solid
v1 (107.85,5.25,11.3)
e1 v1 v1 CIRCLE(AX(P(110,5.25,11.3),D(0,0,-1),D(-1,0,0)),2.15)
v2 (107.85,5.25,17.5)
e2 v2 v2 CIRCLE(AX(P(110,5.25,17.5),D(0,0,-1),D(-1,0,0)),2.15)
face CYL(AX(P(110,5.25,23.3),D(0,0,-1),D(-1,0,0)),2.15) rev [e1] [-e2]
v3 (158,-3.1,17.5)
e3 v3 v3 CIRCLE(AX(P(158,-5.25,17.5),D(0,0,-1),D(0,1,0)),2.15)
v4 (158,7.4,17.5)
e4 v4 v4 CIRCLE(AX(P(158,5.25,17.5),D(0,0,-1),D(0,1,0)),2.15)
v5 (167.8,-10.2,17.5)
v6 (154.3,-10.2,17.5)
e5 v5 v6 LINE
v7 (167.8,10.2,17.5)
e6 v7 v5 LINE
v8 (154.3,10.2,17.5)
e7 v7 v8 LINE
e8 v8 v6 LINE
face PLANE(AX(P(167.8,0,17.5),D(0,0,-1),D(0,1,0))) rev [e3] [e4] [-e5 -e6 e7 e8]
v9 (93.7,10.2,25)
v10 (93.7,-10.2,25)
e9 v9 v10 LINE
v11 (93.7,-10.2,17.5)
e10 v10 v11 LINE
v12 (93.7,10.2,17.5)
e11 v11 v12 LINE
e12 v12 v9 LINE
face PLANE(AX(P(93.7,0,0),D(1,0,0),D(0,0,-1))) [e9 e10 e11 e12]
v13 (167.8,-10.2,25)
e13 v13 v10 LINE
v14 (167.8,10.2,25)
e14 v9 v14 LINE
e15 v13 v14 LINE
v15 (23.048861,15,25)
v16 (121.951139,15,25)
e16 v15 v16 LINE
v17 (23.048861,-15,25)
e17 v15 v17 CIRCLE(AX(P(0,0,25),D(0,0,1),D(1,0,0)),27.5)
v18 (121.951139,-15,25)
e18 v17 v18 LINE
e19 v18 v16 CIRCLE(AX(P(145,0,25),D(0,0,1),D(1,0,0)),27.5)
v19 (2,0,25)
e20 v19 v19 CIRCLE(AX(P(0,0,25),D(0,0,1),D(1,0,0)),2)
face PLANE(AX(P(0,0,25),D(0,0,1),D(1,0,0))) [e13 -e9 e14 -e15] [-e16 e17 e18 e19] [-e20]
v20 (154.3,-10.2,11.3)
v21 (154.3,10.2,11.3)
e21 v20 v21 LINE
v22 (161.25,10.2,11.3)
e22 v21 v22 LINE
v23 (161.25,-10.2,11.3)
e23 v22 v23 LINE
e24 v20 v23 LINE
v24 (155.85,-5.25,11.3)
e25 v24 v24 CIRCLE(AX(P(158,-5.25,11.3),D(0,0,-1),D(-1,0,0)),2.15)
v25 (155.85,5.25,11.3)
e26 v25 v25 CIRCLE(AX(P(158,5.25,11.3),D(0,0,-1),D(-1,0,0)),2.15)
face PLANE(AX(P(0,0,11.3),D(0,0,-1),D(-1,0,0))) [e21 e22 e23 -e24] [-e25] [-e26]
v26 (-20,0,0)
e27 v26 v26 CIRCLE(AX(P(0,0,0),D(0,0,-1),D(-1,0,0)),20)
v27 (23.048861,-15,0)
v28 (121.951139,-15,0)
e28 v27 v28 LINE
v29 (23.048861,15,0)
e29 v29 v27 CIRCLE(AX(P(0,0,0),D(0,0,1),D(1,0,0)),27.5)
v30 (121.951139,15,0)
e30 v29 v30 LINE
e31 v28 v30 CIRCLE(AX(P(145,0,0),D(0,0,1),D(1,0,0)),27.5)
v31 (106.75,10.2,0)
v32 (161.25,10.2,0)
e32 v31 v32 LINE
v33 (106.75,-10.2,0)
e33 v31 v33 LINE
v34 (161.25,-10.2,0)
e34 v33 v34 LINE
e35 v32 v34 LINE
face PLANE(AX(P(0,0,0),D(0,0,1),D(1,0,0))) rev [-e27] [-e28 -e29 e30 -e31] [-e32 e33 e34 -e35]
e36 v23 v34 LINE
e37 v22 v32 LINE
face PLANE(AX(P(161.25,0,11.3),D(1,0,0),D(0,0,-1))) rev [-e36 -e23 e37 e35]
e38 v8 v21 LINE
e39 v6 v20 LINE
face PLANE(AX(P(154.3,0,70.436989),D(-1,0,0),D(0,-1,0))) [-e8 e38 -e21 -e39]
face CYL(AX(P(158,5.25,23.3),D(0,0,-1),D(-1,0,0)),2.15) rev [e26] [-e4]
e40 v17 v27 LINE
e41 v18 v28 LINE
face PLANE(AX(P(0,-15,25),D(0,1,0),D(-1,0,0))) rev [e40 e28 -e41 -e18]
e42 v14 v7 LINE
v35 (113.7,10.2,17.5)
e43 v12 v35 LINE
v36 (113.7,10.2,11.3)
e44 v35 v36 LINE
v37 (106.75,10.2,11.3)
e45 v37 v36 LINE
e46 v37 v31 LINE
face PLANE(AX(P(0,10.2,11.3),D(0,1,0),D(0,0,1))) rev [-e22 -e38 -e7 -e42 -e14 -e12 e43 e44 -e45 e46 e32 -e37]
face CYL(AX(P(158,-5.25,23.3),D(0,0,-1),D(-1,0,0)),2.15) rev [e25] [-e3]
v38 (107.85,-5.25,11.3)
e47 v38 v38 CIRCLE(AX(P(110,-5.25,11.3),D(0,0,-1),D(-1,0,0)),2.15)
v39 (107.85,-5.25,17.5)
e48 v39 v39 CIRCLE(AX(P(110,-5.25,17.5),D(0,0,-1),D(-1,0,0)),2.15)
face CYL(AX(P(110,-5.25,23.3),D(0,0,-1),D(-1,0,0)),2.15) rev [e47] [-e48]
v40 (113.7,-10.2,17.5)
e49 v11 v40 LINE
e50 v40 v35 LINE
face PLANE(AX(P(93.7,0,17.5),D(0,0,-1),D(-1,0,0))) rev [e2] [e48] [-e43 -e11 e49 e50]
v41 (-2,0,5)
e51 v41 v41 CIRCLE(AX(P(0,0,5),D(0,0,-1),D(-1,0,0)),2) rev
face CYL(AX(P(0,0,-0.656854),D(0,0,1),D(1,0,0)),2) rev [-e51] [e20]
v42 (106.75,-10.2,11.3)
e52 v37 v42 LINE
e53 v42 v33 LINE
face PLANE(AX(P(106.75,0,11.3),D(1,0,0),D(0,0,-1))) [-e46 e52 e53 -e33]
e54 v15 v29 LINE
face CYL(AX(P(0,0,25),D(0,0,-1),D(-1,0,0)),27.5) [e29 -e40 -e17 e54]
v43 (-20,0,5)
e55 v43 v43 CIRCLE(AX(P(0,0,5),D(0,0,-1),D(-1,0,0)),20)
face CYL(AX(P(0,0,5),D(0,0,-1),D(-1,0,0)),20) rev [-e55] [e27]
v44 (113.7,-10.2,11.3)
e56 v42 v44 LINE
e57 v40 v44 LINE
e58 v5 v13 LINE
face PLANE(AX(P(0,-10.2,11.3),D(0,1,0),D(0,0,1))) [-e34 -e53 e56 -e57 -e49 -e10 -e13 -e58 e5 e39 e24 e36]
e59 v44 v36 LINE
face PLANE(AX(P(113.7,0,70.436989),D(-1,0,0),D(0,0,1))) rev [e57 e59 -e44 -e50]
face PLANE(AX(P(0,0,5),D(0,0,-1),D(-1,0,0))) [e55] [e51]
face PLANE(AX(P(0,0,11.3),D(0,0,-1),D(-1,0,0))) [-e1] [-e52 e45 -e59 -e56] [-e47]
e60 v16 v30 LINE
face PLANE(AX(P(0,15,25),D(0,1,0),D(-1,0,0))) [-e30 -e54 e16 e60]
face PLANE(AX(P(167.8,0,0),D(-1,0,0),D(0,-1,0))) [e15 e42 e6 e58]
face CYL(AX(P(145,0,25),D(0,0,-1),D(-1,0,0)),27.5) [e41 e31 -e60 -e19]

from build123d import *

# Parameters (mm, degrees)
BOSS_EXTRUDE1_DEPTH = 25
SKETCH19_R          = 20
CUT_EXTRUDE14_DEPTH = 5
SKETCH22_R          = 2
CUT_EXTRUDE17_DEPTH = 20
SKETCH23_W          = 54.5
SKETCH23_H          = 20.4
SKETCH23_W_2        = 40.6
CUT_EXTRUDE18_DEPTH = 11.3
CUT_EXTRUDE19_DEPTH = 13.7
SKETCH25_W          = 7.5
SKETCH25_H          = 20.4
CUT_EXTRUDE20_DEPTH = 13.5
CUT_EXTRUDE21_DEPTH = 20
SKETCH27_R          = 2.15
CUT_EXTRUDE22_DEPTH = 12


with BuildPart() as part:
    # Sketch1 → Boss-Extrude1 (new body)
    with BuildSketch(Plane.XY):
        with BuildLine():
            ThreePointArc((172.5, 0), (152.823244805, 26.363741023), (121.951138857, 15))
            Line((121.951138857, 15), (145, 15))
            Line((145, 15), (145, -15))
            Line((145, -15), (121.951138857, -15))
            ThreePointArc((121.951138857, -15), (152.823244805, -26.363741023), (172.5, 0))
        make_face()
        with BuildLine():
            Line((145, 15), (121.951138857, 15))
            ThreePointArc((121.951138857, 15), (117.5, 0), (121.951138857, -15))
            Line((121.951138857, -15), (145, -15))
            Line((145, -15), (145, 15))
        make_face()
        with BuildLine():
            Line((121.951138857, 15), (23.048861143, 15))
            ThreePointArc((23.048861143, 15), (26.363741023, 7.823244805), (27.5, 0))
            ThreePointArc((27.5, 0), (26.363741023, -7.823244805), (23.048861143, -15))
            Line((23.048861143, -15), (121.951138857, -15))
            ThreePointArc((121.951138857, -15), (117.5, 0), (121.951138857, 15))
        make_face()
        with BuildLine():
            ThreePointArc((13.228756555, -15), (-20, 0), (13.228756555, 15))
            Line((13.228756555, 15), (23.048861143, 15))
            ThreePointArc((23.048861143, 15), (-27.5, 0), (23.048861143, -15))
            Line((23.048861143, -15), (13.228756555, -15))
        make_face()
        with BuildLine():
            Line((23.048861143, 15), (13.228756555, 15))
            ThreePointArc((13.228756555, 15), (18.228756555, 8.228756555), (20, 0))
            ThreePointArc((20, 0), (18.228756555, -8.228756555), (13.228756555, -15))
            Line((13.228756555, -15), (23.048861143, -15))
            ThreePointArc((23.048861143, -15), (26.363741023, -7.823244805), (27.5, 0))
            ThreePointArc((27.5, 0), (26.363741023, 7.823244805), (23.048861143, 15))
        make_face()
        with BuildLine():
            Line((0, -15), (0, 15))
            Line((0, 15), (13.228756555, 15))
            ThreePointArc((13.228756555, 15), (-20, 0), (13.228756555, -15))
            Line((13.228756555, -15), (0, -15))
        make_face()
        with BuildLine():
            Line((13.228756555, 15), (0, 15))
            Line((0, 15), (0, -15))
            Line((0, -15), (13.228756555, -15))
            ThreePointArc((13.228756555, -15), (18.228756555, -8.228756555), (20, 0))
            ThreePointArc((20, 0), (18.228756555, 8.228756555), (13.228756555, 15))
        make_face()
    extrude(amount=BOSS_EXTRUDE1_DEPTH)

    # Sketch19 → Cut-Extrude14 (cut)
    with BuildSketch(Plane(origin=(0, 0, 0), x_dir=(-1, 0, 0), z_dir=(0, 0, -1))):
        Circle(SKETCH19_R)
    extrude(amount=-CUT_EXTRUDE14_DEPTH, mode=Mode.SUBTRACT)

    # Sketch22 → Cut-Extrude17 (cut)
    with BuildSketch(Plane.XY.offset(25)):
        Circle(SKETCH22_R)
    extrude(amount=-CUT_EXTRUDE17_DEPTH, mode=Mode.SUBTRACT)

    # Sketch23 → Cut-Extrude18 (cut)
    with BuildSketch(Plane(origin=(0, 0, 0), x_dir=(-1, 0, 0), z_dir=(0, 0, -1))):
        with Locations((-134, 0)):
            Rectangle(SKETCH23_W, SKETCH23_H)
        with Locations((-134, 0)):
            Rectangle(SKETCH23_W_2, SKETCH23_H)
    extrude(amount=-CUT_EXTRUDE18_DEPTH, mode=Mode.SUBTRACT)

    # Sketch24 → Cut-Extrude19 (cut)
    with BuildSketch(Plane(origin=(0, 0, 11.3), x_dir=(-1, 0, 0), z_dir=(0, 0, -1))):
        Polygon((-154.3, -0.627488927), (-154.3, -10.2), (-113.7, -10.2), (-113.7, 10.2), (-154.3, 10.2), align=None)
    extrude(amount=-CUT_EXTRUDE19_DEPTH, mode=Mode.SUBTRACT)

    # Sketch25 → Cut-Extrude20 (cut)
    with BuildSketch(Plane.ZY.offset(-154.3)):
        with Locations((21.25, 0)):
            Rectangle(SKETCH25_W, SKETCH25_H)
    extrude(amount=-CUT_EXTRUDE20_DEPTH, mode=Mode.SUBTRACT)

    # Sketch26 → Cut-Extrude21 (cut)
    with BuildSketch(Plane(origin=(113.7, 0, 0), x_dir=(0, 0, -1), z_dir=(1, 0, 0))):
        Polygon((-25, 10.2), (-25, -10.2), (-17.5, -10.2), (-17.5, 10.2), (-21.25, 10.2), align=None)
    extrude(amount=-CUT_EXTRUDE21_DEPTH, mode=Mode.SUBTRACT)

    # Sketch27 → Cut-Extrude22 (cut)
    with BuildSketch(Plane(origin=(0, 0, 11.3), x_dir=(-1, 0, 0), z_dir=(0, 0, -1))):
        with BuildLine():
            ThreePointArc((-107.85, 5.25), (-110, 7.4), (-112.15, 5.25))
            Line((-112.15, 5.25), (-110, 5.25))
            Line((-110, 5.25), (-110, 3.1))
            ThreePointArc((-110, 3.1), (-108.47972042, 3.72972042), (-107.85, 5.25))
        make_face()
        with BuildLine():
            Line((-110, 5.25), (-112.15, 5.25))
            ThreePointArc((-112.15, 5.25), (-111.52027958, 3.72972042), (-110, 3.1))
            Line((-110, 3.1), (-110, 5.25))
        make_face()
        with BuildLine():
            ThreePointArc((-110, -3.1), (-111.52027958, -3.72972042), (-112.15, -5.25))
            Line((-112.15, -5.25), (-110, -5.25))
            Line((-110, -5.25), (-110, -3.1))
        make_face()
        with BuildLine():
            Line((-110, -5.25), (-112.15, -5.25))
            ThreePointArc((-112.15, -5.25), (-110, -7.4), (-107.85, -5.25))
            ThreePointArc((-107.85, -5.25), (-108.47972042, -3.72972042), (-110, -3.1))
            Line((-110, -3.1), (-110, -5.25))
        make_face()
        with BuildLine():
            ThreePointArc((-155.85, 5.25), (-159.52027958, 6.77027958), (-158, 3.1))
            Line((-158, 3.1), (-158, 5.25))
            Line((-158, 5.25), (-155.85, 5.25))
        make_face()
        with BuildLine():
            Line((-158, 5.25), (-158, 3.1))
            ThreePointArc((-158, 3.1), (-156.47972042, 3.72972042), (-155.85, 5.25))
            Line((-155.85, 5.25), (-158, 5.25))
        make_face()
        with Locations((-158, -5.25)):
            Circle(SKETCH27_R)
    extrude(amount=-CUT_EXTRUDE22_DEPTH, mode=Mode.SUBTRACT)


solid = part.part
